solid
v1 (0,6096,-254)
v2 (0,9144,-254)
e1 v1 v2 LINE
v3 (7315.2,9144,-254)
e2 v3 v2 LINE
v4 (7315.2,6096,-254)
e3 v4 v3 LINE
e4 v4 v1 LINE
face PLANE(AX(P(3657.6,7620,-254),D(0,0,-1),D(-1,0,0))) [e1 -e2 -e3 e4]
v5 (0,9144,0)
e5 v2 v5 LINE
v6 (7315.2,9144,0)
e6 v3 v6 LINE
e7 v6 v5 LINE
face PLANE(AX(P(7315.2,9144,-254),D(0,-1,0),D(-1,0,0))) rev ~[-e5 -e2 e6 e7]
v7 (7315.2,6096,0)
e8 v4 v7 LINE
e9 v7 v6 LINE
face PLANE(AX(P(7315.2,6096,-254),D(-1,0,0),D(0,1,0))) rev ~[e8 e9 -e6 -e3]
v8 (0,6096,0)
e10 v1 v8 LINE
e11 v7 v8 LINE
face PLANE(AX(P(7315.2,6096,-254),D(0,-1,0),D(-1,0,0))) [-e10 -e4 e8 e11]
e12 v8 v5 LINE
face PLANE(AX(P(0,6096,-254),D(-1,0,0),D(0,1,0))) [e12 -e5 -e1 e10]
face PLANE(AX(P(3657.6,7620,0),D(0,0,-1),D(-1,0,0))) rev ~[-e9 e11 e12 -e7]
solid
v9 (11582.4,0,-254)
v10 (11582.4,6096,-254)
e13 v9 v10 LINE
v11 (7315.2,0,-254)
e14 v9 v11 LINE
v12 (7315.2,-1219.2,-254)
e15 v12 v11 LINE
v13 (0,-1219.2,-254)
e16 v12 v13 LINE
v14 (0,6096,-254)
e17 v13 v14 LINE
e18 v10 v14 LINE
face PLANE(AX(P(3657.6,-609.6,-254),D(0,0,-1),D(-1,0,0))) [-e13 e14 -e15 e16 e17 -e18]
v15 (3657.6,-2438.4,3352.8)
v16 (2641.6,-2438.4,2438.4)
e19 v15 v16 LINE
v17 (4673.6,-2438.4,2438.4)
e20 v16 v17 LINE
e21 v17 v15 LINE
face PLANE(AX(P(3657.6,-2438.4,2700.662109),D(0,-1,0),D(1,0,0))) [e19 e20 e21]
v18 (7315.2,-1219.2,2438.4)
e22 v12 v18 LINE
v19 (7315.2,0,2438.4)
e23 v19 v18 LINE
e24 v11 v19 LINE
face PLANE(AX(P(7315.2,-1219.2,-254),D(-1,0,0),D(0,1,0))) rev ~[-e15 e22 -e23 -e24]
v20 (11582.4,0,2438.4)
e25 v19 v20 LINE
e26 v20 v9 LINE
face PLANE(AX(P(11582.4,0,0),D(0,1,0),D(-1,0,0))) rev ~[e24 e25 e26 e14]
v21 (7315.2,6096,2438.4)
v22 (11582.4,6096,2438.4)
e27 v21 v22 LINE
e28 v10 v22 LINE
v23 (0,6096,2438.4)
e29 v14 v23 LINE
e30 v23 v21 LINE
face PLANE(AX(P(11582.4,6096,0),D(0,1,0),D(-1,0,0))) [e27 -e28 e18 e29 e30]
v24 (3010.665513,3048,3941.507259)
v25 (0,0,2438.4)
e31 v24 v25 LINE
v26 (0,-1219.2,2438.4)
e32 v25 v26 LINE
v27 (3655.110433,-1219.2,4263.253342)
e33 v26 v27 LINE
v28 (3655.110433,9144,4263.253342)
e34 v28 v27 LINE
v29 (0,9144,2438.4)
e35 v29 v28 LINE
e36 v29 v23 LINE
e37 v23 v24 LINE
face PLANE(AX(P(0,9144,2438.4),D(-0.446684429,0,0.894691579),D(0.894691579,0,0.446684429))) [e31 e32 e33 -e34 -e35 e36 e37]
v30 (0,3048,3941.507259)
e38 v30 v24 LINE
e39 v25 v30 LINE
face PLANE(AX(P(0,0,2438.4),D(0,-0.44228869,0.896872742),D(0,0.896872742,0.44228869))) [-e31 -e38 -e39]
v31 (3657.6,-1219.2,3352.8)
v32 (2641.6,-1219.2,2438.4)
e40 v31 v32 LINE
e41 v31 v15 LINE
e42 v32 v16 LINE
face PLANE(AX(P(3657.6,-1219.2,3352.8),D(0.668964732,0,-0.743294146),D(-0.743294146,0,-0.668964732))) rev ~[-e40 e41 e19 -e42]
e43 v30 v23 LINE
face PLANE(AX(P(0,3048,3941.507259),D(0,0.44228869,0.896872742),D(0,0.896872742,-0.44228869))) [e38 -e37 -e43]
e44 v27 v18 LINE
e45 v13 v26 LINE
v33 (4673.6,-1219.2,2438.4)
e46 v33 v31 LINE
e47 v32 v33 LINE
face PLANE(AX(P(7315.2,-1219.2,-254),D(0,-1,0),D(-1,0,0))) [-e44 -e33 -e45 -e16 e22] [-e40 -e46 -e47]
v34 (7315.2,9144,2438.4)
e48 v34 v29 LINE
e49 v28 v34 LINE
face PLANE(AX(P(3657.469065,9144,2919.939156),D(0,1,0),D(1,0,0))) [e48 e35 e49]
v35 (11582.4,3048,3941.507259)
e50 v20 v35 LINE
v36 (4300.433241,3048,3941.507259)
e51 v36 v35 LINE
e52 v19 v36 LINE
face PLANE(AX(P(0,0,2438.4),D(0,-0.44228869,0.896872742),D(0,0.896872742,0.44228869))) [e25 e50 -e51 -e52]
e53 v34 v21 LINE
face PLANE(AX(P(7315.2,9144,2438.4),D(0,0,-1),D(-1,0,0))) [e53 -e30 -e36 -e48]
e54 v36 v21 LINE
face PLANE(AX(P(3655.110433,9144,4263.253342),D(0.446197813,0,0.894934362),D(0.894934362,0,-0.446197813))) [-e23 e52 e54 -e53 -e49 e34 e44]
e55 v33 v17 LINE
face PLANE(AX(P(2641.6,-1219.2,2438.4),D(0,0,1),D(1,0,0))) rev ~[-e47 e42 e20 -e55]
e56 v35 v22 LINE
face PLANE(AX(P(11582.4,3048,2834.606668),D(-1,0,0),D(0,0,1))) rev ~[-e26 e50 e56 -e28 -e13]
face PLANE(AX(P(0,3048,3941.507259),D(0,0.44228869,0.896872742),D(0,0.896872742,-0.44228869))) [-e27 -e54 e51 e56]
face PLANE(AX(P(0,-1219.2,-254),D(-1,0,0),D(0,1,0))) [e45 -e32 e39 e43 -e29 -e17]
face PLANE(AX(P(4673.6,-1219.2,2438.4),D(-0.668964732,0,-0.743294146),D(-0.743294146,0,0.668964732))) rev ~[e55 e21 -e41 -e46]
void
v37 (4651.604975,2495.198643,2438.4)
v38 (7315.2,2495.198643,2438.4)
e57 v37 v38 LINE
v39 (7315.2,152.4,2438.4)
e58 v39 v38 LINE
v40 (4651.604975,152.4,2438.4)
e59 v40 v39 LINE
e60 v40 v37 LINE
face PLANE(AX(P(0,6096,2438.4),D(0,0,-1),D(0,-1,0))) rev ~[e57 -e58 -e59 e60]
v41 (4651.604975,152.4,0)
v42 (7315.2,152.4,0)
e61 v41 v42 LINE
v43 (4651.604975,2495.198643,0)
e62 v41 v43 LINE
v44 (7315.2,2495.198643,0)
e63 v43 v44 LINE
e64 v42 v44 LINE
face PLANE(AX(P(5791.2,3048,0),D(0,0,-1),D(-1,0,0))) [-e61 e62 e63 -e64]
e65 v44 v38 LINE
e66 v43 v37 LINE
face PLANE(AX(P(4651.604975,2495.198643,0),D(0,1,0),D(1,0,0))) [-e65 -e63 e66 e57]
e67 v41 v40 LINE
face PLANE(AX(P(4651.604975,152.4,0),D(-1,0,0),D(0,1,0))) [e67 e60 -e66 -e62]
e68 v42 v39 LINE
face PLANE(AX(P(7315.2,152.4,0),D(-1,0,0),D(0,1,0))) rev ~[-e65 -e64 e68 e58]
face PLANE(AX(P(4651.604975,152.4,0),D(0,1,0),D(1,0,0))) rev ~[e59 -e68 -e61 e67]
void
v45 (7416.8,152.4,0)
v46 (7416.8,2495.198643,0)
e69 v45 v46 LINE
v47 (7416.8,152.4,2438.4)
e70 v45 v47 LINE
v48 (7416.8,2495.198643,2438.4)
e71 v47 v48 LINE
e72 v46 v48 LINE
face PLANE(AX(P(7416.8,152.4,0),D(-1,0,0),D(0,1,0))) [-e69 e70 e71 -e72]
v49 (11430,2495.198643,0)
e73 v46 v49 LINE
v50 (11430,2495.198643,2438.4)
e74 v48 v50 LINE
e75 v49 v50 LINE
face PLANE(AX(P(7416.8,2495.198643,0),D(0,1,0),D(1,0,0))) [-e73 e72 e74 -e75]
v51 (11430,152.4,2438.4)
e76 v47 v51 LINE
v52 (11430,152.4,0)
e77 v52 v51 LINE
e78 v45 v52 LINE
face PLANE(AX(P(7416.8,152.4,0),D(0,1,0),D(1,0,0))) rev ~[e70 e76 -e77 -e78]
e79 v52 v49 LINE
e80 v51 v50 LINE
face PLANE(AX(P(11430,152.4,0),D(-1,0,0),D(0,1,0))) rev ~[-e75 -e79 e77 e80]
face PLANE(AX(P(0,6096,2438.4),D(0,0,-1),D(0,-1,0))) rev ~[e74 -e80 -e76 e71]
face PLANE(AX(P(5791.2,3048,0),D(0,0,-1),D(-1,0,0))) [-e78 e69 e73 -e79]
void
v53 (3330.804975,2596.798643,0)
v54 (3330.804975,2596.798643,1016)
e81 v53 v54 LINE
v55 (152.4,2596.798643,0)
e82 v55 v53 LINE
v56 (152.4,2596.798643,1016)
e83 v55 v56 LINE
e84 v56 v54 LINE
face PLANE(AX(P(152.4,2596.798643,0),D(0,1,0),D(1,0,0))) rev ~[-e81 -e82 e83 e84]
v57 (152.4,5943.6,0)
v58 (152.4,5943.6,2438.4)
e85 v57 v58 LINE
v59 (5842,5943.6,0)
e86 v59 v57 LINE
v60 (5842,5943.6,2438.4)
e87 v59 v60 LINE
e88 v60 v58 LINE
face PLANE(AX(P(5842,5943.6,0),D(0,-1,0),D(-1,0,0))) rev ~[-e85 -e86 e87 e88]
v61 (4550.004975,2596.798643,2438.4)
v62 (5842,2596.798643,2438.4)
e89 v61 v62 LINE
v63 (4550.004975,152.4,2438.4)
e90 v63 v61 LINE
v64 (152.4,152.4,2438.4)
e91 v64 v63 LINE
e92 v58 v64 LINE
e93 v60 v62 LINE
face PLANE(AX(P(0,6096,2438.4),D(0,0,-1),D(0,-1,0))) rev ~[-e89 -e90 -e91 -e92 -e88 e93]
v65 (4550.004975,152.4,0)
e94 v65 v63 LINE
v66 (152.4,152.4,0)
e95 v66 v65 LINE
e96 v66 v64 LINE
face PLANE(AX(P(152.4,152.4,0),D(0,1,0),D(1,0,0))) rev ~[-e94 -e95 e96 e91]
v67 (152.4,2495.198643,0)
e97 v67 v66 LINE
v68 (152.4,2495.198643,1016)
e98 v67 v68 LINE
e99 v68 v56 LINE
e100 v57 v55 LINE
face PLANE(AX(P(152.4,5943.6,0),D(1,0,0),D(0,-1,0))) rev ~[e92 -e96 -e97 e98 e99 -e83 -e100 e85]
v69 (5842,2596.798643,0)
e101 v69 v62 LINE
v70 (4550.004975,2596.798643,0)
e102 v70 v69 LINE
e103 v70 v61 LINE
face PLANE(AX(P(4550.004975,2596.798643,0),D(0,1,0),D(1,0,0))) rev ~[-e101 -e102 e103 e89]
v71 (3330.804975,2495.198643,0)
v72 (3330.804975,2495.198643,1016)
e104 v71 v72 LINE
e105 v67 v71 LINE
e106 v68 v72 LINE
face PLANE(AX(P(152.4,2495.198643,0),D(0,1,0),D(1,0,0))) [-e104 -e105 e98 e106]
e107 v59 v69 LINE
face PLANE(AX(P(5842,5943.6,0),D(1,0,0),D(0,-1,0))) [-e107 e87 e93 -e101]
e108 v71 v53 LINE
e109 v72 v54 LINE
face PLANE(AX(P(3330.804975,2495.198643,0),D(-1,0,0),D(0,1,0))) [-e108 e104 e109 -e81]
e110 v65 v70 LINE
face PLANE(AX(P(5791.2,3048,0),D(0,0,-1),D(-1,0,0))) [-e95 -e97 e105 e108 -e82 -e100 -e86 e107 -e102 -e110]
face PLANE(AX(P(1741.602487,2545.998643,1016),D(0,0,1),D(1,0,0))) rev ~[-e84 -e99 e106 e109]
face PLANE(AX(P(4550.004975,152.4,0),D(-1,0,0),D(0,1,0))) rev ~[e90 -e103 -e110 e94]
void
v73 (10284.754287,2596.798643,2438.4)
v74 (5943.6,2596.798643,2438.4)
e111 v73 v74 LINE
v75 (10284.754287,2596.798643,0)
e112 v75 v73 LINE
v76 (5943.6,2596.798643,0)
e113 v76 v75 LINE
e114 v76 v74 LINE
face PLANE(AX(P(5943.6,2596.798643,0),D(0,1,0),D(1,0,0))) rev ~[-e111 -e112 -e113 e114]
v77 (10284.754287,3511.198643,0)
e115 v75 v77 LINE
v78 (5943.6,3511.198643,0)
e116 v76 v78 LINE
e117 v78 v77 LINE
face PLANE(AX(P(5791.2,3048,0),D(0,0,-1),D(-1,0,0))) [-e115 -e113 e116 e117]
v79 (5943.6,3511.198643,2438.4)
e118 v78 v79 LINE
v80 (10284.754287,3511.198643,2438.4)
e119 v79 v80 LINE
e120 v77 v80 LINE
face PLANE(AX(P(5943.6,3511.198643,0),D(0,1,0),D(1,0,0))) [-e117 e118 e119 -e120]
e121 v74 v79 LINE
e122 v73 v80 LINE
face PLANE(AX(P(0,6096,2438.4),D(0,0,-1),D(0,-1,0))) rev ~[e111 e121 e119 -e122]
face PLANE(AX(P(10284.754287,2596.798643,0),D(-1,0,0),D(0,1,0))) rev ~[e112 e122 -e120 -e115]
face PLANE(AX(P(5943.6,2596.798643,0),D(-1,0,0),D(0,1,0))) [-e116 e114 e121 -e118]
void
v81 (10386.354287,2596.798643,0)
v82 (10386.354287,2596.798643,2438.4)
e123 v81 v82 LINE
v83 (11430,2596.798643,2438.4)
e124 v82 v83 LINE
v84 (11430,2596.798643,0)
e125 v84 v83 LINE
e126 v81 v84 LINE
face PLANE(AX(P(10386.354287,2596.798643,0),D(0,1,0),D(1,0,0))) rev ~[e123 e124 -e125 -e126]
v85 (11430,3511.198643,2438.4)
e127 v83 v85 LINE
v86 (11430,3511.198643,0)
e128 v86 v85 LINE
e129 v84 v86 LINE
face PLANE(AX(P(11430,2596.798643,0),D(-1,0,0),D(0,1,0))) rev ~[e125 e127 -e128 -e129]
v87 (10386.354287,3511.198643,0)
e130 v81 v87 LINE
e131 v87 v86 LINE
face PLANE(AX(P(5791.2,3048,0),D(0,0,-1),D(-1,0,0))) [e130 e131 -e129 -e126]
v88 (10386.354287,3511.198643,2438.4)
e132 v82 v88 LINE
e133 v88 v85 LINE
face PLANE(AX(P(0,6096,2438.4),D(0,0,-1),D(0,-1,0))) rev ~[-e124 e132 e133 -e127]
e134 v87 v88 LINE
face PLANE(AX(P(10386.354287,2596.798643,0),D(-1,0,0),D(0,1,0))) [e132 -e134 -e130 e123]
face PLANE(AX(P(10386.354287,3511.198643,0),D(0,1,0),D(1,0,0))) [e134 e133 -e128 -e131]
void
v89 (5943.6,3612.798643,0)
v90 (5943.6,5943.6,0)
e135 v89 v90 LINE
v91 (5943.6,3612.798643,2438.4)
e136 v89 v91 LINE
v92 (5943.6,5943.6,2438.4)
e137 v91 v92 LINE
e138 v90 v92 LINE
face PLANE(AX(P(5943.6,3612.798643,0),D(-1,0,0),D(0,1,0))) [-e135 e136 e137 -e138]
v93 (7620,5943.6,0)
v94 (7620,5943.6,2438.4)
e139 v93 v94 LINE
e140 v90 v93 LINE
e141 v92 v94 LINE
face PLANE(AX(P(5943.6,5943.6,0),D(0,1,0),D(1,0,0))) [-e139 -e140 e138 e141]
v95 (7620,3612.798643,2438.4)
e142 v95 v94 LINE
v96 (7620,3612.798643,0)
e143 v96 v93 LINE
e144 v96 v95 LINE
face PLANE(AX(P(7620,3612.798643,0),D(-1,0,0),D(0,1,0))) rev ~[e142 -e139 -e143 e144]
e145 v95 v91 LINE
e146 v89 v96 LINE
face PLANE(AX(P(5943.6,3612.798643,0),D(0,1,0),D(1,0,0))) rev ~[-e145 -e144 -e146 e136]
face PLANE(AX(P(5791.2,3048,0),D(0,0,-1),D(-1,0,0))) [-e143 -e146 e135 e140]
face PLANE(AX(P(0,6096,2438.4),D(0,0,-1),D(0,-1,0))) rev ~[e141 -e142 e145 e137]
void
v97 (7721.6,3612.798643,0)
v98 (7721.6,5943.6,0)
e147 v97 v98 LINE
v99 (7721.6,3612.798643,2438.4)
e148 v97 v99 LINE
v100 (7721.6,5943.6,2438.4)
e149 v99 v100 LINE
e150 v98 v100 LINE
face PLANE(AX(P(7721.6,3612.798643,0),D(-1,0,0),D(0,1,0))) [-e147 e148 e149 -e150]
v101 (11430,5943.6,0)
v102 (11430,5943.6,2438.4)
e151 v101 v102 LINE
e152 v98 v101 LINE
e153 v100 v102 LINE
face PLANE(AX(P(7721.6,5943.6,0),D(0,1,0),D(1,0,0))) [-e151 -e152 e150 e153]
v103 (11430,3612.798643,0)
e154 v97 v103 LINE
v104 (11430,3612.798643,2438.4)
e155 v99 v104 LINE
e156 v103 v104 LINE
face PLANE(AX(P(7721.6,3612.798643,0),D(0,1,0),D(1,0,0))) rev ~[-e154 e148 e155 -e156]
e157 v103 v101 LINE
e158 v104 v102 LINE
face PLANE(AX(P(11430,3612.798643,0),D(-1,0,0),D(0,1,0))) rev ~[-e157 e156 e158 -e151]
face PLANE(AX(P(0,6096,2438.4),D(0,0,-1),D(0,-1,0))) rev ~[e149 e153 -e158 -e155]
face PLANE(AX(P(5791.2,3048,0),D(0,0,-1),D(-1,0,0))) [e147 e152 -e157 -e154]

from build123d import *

# Parameters (mm, degrees)
SKETCH3_W           = 11582.4
SKETCH3_H           = 6096
SKETCH3_W_2         = 4341.154286856
SKETCH3_H_2         = 914.4
SKETCH3_W_3         = 1676.4
SKETCH3_H_3         = 2330.801356814
SKETCH3_W_4         = 2663.595025017
SKETCH3_H_4         = 2342.798643186
SKETCH3_W_5         = 1043.645713144
SKETCH3_W_6         = 4013.2
SKETCH3_W_7         = 3708.4
BOSS_EXTRUDE1_DEPTH = 2438.4
SKETCH4_W           = 11582.4
SKETCH4_H           = 6096
BOSS_EXTRUDE2_DEPTH = 254
SKETCH5_W           = 3178.404974983
SKETCH5_H           = 101.6
BOSS_EXTRUDE3_DEPTH = 1016
BOSS_EXTRUDE4_DEPTH = 11582.4
SKETCH8_W           = 7315.2
SKETCH8_H           = 3048
BOSS_EXTRUDE6_DEPTH = 254
BOSS_EXTRUDE7_DEPTH = 10363.2
SKETCH12_W          = 7315.2
SKETCH12_H          = 1219.2
BOSS_EXTRUDE8_DEPTH = 2692.4
BOSS_EXTRUDE9_DEPTH = 1219.2


with BuildPart() as part:
    # Sketch3 → Boss-Extrude1 (new body)
    with BuildSketch(Plane.XY):
        with Locations((5791.2, 3048)):
            Rectangle(SKETCH3_W, SKETCH3_H)
        Polygon((152.4, 152.4), (4550.004974983, 152.4), (4550.004974983, 2596.798643186), (5842, 2596.798643186), (5842, 3511.198643186), (5842, 5943.6), (152.4, 5943.6), align=None, mode=Mode.SUBTRACT)
        with Locations((8114.177143428, 3053.998643186)):
            Rectangle(SKETCH3_W_2, SKETCH3_H_2, mode=Mode.SUBTRACT)
        with Locations((6781.8, 4778.199321593)):
            Rectangle(SKETCH3_W_3, SKETCH3_H_3, mode=Mode.SUBTRACT)
        with Locations((5983.402487492, 1323.799321593)):
            Rectangle(SKETCH3_W_4, SKETCH3_H_4, mode=Mode.SUBTRACT)
        with Locations((10908.177143428, 3053.998643186)):
            Rectangle(SKETCH3_W_5, SKETCH3_H_2, mode=Mode.SUBTRACT)
        with Locations((9423.4, 1323.799321593)):
            Rectangle(SKETCH3_W_6, SKETCH3_H_4, mode=Mode.SUBTRACT)
        with Locations((9575.8, 4778.199321593)):
            Rectangle(SKETCH3_W_7, SKETCH3_H_3, mode=Mode.SUBTRACT)
    extrude(amount=BOSS_EXTRUDE1_DEPTH)

    # Sketch4 → Boss-Extrude2 (add)
    with BuildSketch(Plane(origin=(0, 0, 0), x_dir=(-1, 0, 0), z_dir=(0, 0, -1))):
        with Locations((-5791.2, 3048)):
            Rectangle(SKETCH4_W, SKETCH4_H)
    extrude(amount=BOSS_EXTRUDE2_DEPTH)

    # Sketch5 → Boss-Extrude3 (add)
    with BuildSketch(Plane.XY):
        with Locations((1741.602487492, 2545.998643186)):
            Rectangle(SKETCH5_W, SKETCH5_H)
    extrude(amount=BOSS_EXTRUDE3_DEPTH)

    # Sketch6 → Boss-Extrude4 (add)
    with BuildSketch(Plane.ZY):
        Polygon((2438.4, 6096), (2438.4, 0), (3941.507258543, 3048), align=None)
    extrude(amount=-BOSS_EXTRUDE4_DEPTH)

    # Sketch10 → Boss-Extrude7 (add)
    with BuildSketch(Plane(origin=(0, 9144, 0), x_dir=(1, 0, 0), z_dir=(0, 1, 0))):
        Polygon((7315.2, -2438.4), (0, -2438.4), (3655.110432816, -4263.253342026), align=None)
    extrude(amount=-BOSS_EXTRUDE7_DEPTH)

    # Sketch12 → Boss-Extrude8 (add)
    with BuildSketch(Plane(origin=(0, 0, -254), x_dir=(-1, 0, 0), z_dir=(0, 0, -1))):
        with Locations((-3657.6, -609.6)):
            Rectangle(SKETCH12_W, SKETCH12_H)
    extrude(amount=-BOSS_EXTRUDE8_DEPTH)

    # Sketch15 → Boss-Extrude9 (add)
    with BuildSketch(Plane.XZ.offset(1219.2)):
        Polygon((2641.6, 2438.4), (4673.6, 2438.4), (3657.6, 3352.8), align=None)
    extrude(amount=BOSS_EXTRUDE9_DEPTH)


with BuildPart() as body_2:
    # Sketch8 → Boss-Extrude6 (new body)
    with BuildSketch(Plane(origin=(0, 0, -254), x_dir=(-1, 0, 0), z_dir=(0, 0, -1))):
        with Locations((-3657.6, 7620)):
            Rectangle(SKETCH8_W, SKETCH8_H)
    extrude(amount=-BOSS_EXTRUDE6_DEPTH)


solid = Compound([part.part, body_2.part])
